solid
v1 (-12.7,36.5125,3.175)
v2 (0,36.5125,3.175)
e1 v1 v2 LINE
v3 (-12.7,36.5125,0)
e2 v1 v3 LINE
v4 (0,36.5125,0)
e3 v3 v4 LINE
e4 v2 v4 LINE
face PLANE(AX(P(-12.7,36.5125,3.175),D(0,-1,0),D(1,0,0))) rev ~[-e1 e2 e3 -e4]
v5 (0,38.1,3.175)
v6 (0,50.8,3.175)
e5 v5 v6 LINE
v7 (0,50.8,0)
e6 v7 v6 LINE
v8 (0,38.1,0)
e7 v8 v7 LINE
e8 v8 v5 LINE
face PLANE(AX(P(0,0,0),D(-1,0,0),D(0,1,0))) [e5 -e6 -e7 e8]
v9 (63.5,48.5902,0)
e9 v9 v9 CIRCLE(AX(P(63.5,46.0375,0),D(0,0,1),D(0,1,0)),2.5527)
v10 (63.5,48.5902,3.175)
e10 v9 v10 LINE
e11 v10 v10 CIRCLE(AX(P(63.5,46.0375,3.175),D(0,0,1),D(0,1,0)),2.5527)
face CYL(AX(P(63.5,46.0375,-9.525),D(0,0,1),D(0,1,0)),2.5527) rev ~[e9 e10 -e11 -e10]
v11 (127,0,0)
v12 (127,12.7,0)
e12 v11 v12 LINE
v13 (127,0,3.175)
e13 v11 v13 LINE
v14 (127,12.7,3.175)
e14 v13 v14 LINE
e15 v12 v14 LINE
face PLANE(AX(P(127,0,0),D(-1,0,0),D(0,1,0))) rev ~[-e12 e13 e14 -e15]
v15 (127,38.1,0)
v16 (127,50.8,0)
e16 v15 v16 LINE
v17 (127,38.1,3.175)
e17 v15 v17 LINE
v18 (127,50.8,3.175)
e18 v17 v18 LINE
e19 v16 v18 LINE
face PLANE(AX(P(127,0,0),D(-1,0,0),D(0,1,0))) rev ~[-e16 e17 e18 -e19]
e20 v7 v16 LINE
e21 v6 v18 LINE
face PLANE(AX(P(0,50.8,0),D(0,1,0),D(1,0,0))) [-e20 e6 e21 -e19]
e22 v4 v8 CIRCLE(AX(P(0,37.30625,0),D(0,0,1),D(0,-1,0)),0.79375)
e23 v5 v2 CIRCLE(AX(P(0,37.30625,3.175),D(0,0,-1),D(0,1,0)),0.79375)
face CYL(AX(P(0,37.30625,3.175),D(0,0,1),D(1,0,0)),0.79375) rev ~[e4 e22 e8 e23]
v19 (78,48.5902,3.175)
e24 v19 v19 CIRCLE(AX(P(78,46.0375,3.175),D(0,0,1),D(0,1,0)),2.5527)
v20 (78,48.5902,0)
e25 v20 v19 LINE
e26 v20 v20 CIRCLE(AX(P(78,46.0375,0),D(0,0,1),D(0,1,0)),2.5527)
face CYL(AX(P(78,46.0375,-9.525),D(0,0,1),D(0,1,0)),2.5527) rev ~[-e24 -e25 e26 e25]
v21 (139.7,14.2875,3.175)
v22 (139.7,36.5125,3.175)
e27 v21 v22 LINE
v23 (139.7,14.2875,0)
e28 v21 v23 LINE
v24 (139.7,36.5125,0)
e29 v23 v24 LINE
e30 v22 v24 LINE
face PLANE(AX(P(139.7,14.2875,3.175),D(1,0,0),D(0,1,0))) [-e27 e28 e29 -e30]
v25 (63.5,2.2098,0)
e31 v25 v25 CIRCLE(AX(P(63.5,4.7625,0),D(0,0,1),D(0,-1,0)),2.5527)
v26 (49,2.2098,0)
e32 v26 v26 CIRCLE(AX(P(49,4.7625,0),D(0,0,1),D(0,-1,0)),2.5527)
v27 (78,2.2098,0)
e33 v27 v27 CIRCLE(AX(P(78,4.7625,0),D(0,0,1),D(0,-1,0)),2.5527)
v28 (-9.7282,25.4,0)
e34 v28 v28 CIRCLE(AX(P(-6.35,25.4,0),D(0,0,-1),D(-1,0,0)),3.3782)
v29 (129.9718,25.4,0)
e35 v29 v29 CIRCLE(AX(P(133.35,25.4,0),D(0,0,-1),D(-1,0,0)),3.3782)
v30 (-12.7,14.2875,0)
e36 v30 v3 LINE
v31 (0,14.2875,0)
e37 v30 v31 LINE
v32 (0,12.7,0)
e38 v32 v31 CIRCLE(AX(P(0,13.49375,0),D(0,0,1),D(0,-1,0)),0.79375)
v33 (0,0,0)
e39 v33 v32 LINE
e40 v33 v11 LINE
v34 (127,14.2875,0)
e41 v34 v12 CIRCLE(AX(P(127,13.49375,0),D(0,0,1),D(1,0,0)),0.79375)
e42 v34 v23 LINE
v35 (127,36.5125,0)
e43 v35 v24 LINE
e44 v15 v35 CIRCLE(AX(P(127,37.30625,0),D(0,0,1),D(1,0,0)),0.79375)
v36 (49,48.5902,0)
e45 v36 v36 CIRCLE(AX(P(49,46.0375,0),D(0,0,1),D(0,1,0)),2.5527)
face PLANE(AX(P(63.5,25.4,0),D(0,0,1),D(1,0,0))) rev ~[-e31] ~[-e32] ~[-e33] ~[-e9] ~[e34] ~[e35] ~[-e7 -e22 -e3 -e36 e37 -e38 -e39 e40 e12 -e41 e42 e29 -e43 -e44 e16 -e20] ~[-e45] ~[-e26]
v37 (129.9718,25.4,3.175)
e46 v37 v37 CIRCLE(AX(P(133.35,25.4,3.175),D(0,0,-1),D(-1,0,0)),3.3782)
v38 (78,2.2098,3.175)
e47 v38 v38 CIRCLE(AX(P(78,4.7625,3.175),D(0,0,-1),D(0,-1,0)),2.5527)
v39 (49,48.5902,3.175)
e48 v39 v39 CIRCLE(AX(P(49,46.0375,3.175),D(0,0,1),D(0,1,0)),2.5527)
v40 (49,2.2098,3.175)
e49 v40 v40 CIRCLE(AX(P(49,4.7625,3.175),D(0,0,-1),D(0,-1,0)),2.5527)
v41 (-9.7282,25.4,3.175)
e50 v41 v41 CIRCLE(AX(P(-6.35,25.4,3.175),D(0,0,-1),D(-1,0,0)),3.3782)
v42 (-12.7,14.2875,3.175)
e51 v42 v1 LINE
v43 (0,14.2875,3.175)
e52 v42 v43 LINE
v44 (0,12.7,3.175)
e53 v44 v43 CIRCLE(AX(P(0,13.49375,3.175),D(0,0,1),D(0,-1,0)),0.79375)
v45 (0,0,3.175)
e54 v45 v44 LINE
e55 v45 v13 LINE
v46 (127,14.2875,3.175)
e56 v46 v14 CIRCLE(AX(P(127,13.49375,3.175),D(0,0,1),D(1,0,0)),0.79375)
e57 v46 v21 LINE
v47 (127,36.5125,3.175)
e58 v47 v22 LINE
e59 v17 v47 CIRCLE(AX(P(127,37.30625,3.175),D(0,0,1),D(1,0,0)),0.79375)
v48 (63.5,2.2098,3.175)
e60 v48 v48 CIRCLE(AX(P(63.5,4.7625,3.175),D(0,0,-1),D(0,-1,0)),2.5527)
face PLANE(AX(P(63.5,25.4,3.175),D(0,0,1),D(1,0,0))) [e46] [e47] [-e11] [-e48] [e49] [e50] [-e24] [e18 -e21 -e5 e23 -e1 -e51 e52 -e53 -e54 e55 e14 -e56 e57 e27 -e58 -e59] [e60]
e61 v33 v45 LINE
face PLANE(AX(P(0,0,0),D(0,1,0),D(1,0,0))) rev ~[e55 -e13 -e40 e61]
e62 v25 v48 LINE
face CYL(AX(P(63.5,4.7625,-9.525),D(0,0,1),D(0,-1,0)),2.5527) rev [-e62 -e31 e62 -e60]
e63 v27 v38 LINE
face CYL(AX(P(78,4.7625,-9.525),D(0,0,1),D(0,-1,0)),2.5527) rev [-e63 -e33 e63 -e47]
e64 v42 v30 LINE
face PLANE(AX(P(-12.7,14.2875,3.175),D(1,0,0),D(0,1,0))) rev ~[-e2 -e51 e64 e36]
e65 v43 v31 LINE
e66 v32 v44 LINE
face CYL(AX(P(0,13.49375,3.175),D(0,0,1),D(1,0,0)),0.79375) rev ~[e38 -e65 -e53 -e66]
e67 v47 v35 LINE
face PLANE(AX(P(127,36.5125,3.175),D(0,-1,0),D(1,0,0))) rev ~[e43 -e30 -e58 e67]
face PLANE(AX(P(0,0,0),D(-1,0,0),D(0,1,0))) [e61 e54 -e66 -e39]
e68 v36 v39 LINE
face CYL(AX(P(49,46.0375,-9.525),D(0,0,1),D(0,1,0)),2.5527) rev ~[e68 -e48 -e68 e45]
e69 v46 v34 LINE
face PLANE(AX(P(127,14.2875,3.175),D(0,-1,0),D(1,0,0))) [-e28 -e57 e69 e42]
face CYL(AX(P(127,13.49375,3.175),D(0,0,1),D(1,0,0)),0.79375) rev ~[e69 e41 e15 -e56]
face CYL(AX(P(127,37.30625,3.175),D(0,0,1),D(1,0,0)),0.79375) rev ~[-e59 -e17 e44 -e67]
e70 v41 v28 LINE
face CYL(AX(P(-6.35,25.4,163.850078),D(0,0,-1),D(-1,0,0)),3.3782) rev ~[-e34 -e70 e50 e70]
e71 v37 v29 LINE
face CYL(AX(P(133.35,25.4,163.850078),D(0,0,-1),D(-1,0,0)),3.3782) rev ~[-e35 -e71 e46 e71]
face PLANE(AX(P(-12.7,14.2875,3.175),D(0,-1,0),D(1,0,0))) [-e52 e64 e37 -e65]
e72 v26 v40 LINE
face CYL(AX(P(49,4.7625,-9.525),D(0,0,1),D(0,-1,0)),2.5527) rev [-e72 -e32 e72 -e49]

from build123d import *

# Parameters (mm, degrees)
SKETCH1_W                       = 127
SKETCH1_H                       = 50.8
BOSS_EXTRUDE1_DEPTH             = 3.175
SKETCH2_W                       = 12.7
SKETCH2_H                       = 22.225
BOSS_EXTRUDE2_DEPTH             = 3.175
SKETCH3_R                       = 0.79375
CUT_EXTRUDE1_DEPTH              = 4.175
F_1_4_CLEARANCE_HOLE1_D         = 6.7564
F_10_CLEARANCE_HOLE1_AT_2_COUNT = 2
F_10_CLEARANCE_HOLE1_AT_2_PITCH = 14.5
F_10_CLEARANCE_HOLE1_AT_3_COUNT = 2
F_10_CLEARANCE_HOLE1_AT_3_PITCH = 14.5


with BuildPart() as part:
    # Sketch1 → Boss-Extrude1 (new body)
    with BuildSketch(Plane.XY):
        with Locations((63.5, 25.4)):
            Rectangle(SKETCH1_W, SKETCH1_H)
    extrude(amount=BOSS_EXTRUDE1_DEPTH)

    # Sketch2 → Boss-Extrude2 (add)
    with BuildSketch(Plane.XY.offset(3.175)):
        with Locations((-6.35, 25.4)):
            Rectangle(SKETCH2_W, SKETCH2_H)
        with Locations((133.35, 25.4)):
            Rectangle(SKETCH2_W, SKETCH2_H)
    extrude(amount=-BOSS_EXTRUDE2_DEPTH)

    # Sketch3 → Cut-Extrude1 (cut, through all)
    with BuildSketch(Plane.XY.offset(3.175)):
        with Locations((0, 37.30625)):
            Circle(SKETCH3_R)
        with Locations((0, 13.49375)):
            Circle(SKETCH3_R)
        with Locations((127, 13.49375)):
            Circle(SKETCH3_R)
        with Locations((127, 37.30625)):
            Circle(SKETCH3_R)
    extrude(amount=-CUT_EXTRUDE1_DEPTH, mode=Mode.SUBTRACT)

    # 1/4 Clearance Hole1 (through all)
    with Locations(Plane.XY.offset(3.175)):
        with Locations((-6.35, 25.4), (133.35, 25.4)):
            Hole(F_1_4_CLEARANCE_HOLE1_D / 2)

    # Sketch6 → #10 Clearance Hole1 (revolve, cut)
    with BuildSketch(Plane(origin=(63.5, 4.7625, 3.175), x_dir=(0, -1, 0), z_dir=(1, 0, 0))):
        Polygon((0, 0), (0, 14.233816902), (2.5527, 12.7), (2.5527, 0), align=None)
    f_10_clearance_hole1 = revolve(axis=Axis((63.5, 4.7625, 9.525), (0, 0, -1)), mode=Mode.SUBTRACT)

    # #10 Clearance Hole1 at 2: #10 Clearance Hole1 ×2
    with Locations(*[(i * F_10_CLEARANCE_HOLE1_AT_2_PITCH, 0, 0) for i in range(1, F_10_CLEARANCE_HOLE1_AT_2_COUNT)]):
        add(f_10_clearance_hole1, mode=Mode.SUBTRACT)

    # #10 Clearance Hole1 at 3: #10 Clearance Hole1 ×2
    with Locations(*[(-i * F_10_CLEARANCE_HOLE1_AT_3_PITCH, 0, 0) for i in range(1, F_10_CLEARANCE_HOLE1_AT_3_COUNT)]):
        add(f_10_clearance_hole1, mode=Mode.SUBTRACT)

    # Mirror1: #10 Clearance Hole1 across plane
    add(f_10_clearance_hole1.mirror(Plane(origin=(0, 25.4, 0), x_dir=(0, 0, 1), z_dir=(0, -1, 0))), mode=Mode.SUBTRACT)

    # Mirror1 copy 1 sketch → Mirror1 copy 1 (revolve, cut)
    with BuildSketch(Plane(origin=(78, 46.0375, 3.175), x_dir=(0, 1, 0), z_dir=(1, 0, 0))):
        Polygon((0, 0), (0, -14.233816902), (2.5527, -12.7), (2.5527, 0), align=None)
    revolve(axis=Axis((78, 46.0375, 9.525), (0, 0, 1)), mode=Mode.SUBTRACT)

    # Mirror1 copy 2 sketch → Mirror1 copy 2 (revolve, cut)
    with BuildSketch(Plane(origin=(49, 46.0375, 3.175), x_dir=(0, 1, 0), z_dir=(1, 0, 0))):
        Polygon((0, 0), (0, -14.233816902), (2.5527, -12.7), (2.5527, 0), align=None)
    revolve(axis=Axis((49, 46.0375, 9.525), (0, 0, 1)), mode=Mode.SUBTRACT)


solid = part.part
